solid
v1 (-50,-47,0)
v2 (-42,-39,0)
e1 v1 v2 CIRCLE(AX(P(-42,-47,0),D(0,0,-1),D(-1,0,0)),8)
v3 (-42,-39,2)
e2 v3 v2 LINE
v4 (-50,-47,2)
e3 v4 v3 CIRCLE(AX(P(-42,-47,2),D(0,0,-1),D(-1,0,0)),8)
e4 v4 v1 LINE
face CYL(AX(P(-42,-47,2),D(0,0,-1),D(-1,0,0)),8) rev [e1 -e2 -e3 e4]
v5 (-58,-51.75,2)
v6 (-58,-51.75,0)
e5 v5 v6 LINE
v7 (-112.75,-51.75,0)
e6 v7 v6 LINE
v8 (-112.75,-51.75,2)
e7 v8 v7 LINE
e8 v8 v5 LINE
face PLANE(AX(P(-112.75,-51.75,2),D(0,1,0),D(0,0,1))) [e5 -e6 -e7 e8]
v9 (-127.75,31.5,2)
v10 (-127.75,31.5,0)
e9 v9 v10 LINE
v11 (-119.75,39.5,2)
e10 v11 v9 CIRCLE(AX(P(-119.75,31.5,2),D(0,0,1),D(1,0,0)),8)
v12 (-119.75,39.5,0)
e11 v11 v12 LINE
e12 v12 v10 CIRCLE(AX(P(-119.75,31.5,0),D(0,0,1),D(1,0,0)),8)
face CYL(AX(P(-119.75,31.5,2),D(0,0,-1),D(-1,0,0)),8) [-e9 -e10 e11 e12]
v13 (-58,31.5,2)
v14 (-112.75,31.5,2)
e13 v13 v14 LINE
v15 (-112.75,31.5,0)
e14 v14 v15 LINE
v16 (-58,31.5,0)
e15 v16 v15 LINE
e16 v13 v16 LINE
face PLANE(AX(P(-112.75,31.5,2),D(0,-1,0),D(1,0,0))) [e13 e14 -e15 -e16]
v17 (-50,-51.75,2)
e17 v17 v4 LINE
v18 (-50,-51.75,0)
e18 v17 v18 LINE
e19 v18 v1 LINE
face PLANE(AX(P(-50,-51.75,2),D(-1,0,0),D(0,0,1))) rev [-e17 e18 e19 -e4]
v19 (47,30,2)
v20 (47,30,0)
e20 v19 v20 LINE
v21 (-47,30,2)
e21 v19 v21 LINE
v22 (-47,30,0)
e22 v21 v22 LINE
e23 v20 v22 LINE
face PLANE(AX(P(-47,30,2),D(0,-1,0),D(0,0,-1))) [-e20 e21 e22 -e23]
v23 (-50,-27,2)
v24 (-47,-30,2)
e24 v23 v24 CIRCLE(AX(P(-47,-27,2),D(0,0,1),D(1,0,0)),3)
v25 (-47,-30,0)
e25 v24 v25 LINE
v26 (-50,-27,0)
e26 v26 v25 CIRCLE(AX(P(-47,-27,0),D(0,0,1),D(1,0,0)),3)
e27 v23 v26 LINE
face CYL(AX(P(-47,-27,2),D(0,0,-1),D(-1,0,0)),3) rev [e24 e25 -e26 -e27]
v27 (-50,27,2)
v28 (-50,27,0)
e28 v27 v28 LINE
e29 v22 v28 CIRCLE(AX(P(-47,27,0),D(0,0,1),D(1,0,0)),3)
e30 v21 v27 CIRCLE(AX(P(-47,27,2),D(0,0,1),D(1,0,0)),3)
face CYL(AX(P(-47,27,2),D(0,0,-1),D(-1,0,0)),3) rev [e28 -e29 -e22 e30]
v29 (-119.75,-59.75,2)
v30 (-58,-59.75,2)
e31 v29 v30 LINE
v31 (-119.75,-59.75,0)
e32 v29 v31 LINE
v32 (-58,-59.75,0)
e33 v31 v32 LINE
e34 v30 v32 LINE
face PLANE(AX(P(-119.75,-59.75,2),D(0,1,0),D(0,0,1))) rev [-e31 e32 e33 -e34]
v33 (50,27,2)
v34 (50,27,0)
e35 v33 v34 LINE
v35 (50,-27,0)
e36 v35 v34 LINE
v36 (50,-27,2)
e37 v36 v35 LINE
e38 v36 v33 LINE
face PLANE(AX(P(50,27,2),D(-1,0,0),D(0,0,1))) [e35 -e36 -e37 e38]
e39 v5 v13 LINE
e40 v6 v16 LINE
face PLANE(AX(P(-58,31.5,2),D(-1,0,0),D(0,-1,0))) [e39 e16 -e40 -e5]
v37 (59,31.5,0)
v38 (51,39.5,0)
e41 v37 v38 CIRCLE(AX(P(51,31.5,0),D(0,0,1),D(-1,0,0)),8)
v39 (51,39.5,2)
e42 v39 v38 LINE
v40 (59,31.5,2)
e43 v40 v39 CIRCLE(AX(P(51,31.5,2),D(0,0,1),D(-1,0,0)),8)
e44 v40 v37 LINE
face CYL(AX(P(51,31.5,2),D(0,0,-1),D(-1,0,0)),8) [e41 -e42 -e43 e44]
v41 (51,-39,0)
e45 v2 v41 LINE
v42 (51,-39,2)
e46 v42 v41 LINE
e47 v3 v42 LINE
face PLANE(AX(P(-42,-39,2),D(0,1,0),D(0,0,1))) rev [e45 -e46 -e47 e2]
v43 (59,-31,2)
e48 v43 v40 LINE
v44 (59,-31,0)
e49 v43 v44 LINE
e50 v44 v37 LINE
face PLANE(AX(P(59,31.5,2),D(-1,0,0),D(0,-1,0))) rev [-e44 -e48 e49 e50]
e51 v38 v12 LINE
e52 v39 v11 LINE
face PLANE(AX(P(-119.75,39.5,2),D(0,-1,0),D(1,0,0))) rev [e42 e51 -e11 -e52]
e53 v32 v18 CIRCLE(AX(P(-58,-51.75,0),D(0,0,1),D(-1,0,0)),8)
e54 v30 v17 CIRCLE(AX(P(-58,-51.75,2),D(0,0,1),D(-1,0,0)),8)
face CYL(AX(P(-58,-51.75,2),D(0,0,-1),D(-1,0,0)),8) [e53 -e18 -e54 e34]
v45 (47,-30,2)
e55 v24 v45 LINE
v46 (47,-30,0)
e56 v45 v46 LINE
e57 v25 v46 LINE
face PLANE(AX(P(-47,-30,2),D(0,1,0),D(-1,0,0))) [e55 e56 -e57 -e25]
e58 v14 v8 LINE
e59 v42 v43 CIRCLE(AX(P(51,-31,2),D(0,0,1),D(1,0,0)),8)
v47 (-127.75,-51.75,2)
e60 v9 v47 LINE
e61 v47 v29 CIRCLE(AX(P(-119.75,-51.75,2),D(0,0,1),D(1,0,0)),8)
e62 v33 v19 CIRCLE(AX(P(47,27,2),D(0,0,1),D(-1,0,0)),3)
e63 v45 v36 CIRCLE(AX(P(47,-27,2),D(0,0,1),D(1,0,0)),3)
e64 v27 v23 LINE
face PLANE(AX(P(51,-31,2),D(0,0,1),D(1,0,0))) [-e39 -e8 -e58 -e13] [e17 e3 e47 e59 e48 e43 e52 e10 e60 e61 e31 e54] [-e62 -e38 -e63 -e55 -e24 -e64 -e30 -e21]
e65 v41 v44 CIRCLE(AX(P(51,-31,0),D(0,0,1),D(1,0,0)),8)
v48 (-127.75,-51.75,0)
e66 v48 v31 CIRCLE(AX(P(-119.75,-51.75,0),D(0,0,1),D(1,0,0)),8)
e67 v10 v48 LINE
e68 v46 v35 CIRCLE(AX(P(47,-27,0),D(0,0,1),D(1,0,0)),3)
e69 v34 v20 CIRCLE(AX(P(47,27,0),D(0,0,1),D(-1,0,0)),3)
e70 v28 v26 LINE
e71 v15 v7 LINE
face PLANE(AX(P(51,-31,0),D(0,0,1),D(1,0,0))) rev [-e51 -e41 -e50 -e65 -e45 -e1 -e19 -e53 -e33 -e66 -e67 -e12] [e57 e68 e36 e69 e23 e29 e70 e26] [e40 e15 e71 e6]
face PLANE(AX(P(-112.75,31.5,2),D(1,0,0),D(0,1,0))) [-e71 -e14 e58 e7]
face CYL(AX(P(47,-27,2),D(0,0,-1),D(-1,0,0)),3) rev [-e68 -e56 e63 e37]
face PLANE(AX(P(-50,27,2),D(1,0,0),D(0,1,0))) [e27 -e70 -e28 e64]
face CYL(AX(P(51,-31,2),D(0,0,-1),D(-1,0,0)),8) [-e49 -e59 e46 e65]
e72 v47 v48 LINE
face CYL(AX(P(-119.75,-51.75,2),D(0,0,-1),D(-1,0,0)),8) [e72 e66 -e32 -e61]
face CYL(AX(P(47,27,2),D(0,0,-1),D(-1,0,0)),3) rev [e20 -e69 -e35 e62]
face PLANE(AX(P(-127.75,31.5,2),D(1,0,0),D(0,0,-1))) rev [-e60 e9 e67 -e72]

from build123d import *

# Parameters (mm, degrees)
SKETCH1_W          = 54.75
SKETCH1_H          = 83.25
MAIN_EXTRUDE_DEPTH = 2


with BuildPart() as part:
    # Sketch1 → Main extrude (new body)
    with BuildSketch(Plane.XY):
        with BuildLine():
            Line((-50, -51.75), (-50, -47))
            ThreePointArc((-50, -47), (-47.656854249, -41.343145751), (-42, -39))
            Line((-42, -39), (51, -39))
            ThreePointArc((51, -39), (56.656854249, -36.656854249), (59, -31))
            Line((59, -31), (59, 31.5))
            ThreePointArc((59, 31.5), (56.656854249, 37.156854249), (51, 39.5))
            Line((51, 39.5), (-119.75, 39.5))
            ThreePointArc((-119.75, 39.5), (-125.406854249, 37.156854249), (-127.75, 31.5))
            Line((-127.75, 31.5), (-127.75, -51.75))
            ThreePointArc((-127.75, -51.75), (-125.406854249, -57.406854249), (-119.75, -59.75))
            Line((-119.75, -59.75), (-58, -59.75))
            ThreePointArc((-58, -59.75), (-52.343145751, -57.406854249), (-50, -51.75))
        make_face()
        with BuildLine():
            Line((-47, 30), (47, 30))
            ThreePointArc((47, 30), (49.121320344, 29.121320344), (50, 27))
            Line((50, 27), (50, -27))
            ThreePointArc((50, -27), (49.121320344, -29.121320344), (47, -30))
            Line((47, -30), (-47, -30))
            ThreePointArc((-47, -30), (-49.121320344, -29.121320344), (-50, -27))
            Line((-50, -27), (-50, 27))
            ThreePointArc((-50, 27), (-49.121320344, 29.121320344), (-47, 30))
        make_face(mode=Mode.SUBTRACT)
        with Locations((-85.375, -10.125)):
            Rectangle(SKETCH1_W, SKETCH1_H, mode=Mode.SUBTRACT)
    extrude(amount=MAIN_EXTRUDE_DEPTH)


solid = part.part
